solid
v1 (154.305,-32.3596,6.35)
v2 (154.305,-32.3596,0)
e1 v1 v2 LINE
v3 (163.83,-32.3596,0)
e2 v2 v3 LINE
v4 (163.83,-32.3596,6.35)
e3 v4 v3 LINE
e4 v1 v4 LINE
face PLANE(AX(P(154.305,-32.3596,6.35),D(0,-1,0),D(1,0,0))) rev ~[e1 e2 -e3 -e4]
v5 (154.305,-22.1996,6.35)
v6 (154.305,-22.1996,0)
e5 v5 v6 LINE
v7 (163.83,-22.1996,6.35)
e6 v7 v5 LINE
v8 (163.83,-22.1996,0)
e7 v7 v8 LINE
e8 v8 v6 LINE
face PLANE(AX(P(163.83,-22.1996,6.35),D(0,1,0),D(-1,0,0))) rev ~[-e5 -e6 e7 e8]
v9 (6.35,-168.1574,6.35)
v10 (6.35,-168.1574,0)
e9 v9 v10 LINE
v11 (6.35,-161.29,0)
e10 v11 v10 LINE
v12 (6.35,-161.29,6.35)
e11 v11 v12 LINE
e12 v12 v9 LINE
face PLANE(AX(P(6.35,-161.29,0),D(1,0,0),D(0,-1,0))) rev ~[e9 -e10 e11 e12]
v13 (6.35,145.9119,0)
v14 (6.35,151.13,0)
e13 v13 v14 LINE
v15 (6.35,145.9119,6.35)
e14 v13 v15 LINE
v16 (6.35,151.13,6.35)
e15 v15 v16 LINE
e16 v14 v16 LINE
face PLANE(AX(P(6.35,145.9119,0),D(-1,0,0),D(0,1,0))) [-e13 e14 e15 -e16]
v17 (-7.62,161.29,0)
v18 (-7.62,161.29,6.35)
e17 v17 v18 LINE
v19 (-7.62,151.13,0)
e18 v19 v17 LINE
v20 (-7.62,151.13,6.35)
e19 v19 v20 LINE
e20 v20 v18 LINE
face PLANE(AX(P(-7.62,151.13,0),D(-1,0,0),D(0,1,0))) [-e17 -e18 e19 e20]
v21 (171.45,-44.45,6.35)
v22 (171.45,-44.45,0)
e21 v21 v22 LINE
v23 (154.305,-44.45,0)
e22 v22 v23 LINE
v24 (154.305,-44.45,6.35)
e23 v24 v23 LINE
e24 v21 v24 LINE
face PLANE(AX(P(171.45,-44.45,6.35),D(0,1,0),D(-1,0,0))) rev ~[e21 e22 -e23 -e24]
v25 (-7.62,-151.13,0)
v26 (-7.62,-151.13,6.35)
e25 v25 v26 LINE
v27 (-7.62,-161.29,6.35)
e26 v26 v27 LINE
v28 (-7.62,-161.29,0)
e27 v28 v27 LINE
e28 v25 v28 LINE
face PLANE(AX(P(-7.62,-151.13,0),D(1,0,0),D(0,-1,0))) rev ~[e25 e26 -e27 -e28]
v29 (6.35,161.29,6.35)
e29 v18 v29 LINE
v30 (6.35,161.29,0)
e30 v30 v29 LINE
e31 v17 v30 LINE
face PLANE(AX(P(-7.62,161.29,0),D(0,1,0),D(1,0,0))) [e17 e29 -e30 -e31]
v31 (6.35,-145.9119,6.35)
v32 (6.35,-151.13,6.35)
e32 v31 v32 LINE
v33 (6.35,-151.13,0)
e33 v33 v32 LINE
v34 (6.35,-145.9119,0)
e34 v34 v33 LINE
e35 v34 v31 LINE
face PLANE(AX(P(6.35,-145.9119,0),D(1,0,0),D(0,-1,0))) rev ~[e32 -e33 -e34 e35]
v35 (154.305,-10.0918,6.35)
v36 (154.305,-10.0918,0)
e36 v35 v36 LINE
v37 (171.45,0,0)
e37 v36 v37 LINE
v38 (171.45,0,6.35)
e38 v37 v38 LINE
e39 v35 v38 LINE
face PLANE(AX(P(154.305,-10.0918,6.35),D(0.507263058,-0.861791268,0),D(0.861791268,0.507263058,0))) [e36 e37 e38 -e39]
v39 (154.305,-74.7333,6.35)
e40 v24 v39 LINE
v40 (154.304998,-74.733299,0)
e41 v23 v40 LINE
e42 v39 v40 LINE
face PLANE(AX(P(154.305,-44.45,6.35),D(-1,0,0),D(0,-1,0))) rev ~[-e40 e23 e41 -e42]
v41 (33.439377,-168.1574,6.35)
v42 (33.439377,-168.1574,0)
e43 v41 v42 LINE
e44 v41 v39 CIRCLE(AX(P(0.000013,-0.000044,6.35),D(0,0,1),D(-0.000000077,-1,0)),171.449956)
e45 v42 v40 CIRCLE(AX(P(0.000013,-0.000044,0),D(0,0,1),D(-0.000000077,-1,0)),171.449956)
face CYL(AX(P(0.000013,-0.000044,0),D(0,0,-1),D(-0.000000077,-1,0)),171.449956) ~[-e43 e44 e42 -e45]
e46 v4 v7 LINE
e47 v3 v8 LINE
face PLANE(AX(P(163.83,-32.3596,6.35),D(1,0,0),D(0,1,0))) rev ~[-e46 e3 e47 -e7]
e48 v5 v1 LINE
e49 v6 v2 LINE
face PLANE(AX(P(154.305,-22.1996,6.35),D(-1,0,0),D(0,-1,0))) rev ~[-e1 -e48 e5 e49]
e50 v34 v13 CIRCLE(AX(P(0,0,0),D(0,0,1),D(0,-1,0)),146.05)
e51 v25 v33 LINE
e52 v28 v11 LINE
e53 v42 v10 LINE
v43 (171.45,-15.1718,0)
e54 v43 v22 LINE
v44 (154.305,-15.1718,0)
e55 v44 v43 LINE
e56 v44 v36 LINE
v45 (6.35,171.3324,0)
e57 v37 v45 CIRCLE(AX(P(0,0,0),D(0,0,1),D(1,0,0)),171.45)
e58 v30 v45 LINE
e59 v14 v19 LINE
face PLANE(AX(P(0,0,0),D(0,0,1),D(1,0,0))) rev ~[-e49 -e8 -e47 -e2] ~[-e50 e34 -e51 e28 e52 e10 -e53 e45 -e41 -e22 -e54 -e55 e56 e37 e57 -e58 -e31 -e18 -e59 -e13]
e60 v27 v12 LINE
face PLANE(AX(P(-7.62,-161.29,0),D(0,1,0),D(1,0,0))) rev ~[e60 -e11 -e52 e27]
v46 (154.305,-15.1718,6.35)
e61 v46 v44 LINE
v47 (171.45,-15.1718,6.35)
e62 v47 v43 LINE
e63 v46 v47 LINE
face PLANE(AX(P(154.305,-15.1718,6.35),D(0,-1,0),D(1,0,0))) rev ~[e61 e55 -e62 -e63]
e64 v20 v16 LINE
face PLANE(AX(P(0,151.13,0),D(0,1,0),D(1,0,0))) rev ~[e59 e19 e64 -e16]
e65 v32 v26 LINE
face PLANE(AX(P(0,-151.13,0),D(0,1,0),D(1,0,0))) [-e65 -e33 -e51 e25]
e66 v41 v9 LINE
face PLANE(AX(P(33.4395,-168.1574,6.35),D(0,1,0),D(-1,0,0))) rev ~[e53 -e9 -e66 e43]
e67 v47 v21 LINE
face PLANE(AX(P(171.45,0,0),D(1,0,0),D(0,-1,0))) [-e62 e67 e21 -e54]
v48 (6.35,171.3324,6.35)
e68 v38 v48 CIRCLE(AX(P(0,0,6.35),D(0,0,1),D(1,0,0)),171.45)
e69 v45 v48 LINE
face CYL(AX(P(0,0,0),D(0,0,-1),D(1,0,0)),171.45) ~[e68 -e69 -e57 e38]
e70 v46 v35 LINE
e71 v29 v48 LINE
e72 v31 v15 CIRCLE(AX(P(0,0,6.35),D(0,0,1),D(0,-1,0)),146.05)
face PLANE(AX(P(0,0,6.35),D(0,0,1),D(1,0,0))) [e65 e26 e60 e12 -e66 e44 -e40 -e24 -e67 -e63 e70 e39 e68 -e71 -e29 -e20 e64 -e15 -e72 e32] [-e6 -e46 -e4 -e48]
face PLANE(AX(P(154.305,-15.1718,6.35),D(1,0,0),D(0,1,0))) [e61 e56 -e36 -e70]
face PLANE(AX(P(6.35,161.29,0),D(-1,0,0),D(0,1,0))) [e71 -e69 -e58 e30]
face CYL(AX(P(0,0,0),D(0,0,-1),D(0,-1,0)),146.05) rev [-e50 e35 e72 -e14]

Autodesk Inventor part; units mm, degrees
ref_plane "YZ Plane" through (0, 0, 0) normal (1, 0, 0) x (0, 1, 0)
ref_plane "XZ Plane" through (0, 0, 0) normal (0, 1, 0) x (-1, 0, 0)
ref_plane "XY Plane" through (0, 0, 0) normal (0, 0, 1) x (1, 0, 0)
sketch "Sketch1" plane through (0, 0, 0) normal (0, 0, 1) x (1, 0, 0)
  arc A0 (0, -146.05) -> (0, 146.05) centre (0, 0) ccw
  line L0 (0, 0) -> (0, 226.0912) construction
  line L1 (0, 226.0912) -> (0, -237.3269) construction
  line L2 (6.35, 145.9119) -> (6.35, 171.3324)
  line L3 (6.35, -145.9119) -> (6.35, -171.3324)
  line L4 (0, 146.05) -> (0, 151.13)
  line L5 (0, 151.13) -> (6.35, 151.13)
  line L6 (6.35, 151.13) -> (-7.62, 151.13)
  line L7 (-7.62, 151.13) -> (-7.62, 161.29)
  line L8 (-7.62, 161.29) -> (6.35, 161.29)
  line L9 (0, -146.05) -> (0, -151.13)
  line L10 (0, -151.13) -> (6.35, -151.13)
  line L11 (6.35, -151.13) -> (-7.62, -151.13)
  line L12 (-7.62, -151.13) -> (-7.62, -161.29)
  line L13 (-7.62, -161.29) -> (6.35, -161.29)
  line L14 (171.45, 0) -> (171.45, -69.85)
  line L15 (171.45, -69.85) -> (156.5761, -69.85)
  arc A1 (0, -171.45) -> (156.5761, -69.85) centre (0, 0) ccw
  arc A2 (171.45, 0) -> (0, 171.45) centre (0, 0) ccw
  dimension "d20" = 292.1
  dimension "d21" = 6.35
  dimension "d22" = 6.35
  dimension "d23" = 5.08
  dimension "d24" = 13.97
  dimension "d25" = 10.16
  dimension "d26" = 5.08
  dimension "d27" = 13.97
  dimension "d28" = 10.16
  dimension "d29" = 69.85
  dimension "d45" = 171.45
  dimension "d46" = 171.45
extrude "Extrusion5" add sketch "Sketch1" along normal blind 6.35 contours A0 L2 A2 L14 L15 A1 L3 | L10 L3 L13 L12 L11 | L5 L6 L7 L8 L2
sketch "Sketch3" plane through (0, 0, 6.35) normal (0, 0, 1) x (1, 0, 0)
  arc A0 (6.35, -171.3324) -> (156.5761, -69.85) centre (0, 0) ccw projected
  line L0 (156.5761, -69.85) -> (171.45, -69.85) projected
  line L1 (171.45, -69.85) -> (171.45, 0) projected
  arc A1 (171.45, 0) -> (6.35, 171.3324) centre (0, 0) ccw projected
  line L2 (6.35, 171.3324) -> (6.35, 161.29) projected
  line L3 (154.305, -22.1996) -> (154.305, -32.3596)
  line L4 (154.305, -32.3596) -> (163.83, -32.3596)
  line L5 (163.83, -32.3596) -> (163.83, -22.1996)
  line L6 (163.83, -22.1996) -> (154.305, -22.1996)
  line L7 (154.305, -15.1718) -> (171.45, -15.1718)
  line L8 (171.45, 0) -> (171.45, -15.1718)
  line L9 (154.305, -15.1718) -> (154.305, -10.0918)
  line L10 (154.305, -10.0918) -> (171.45, 0)
  line L11 (171.45, -69.85) -> (171.45, -44.45)
  line L12 (171.45, -44.45) -> (154.305, -44.45)
  line L13 (154.305, -44.45) -> (154.305, -74.7333)
  dimension "d53" = 10.16
  dimension "d54" = 9.525
  dimension "d55" = 10.16
  dimension "d56" = 37.4904
  dimension "d57" = 7.62
  dimension "d58" = 17.145
  dimension "d59" = 5.08
  dimension "d60" = 25.4
extrude "Extrusion7" cut sketch "Sketch3" against normal blind 25.4
sketch "Sketch4" plane through (0, 0, 6.35) normal (0, 0, 1) x (1, 0, 0)
  line L0 (6.35, -161.29) -> (6.35, -171.3324) projected
  arc A0 (6.35, -171.3324) -> (154.305, -74.7333) centre (0, 0) ccw projected
  line L1 (33.4395, -168.1574) -> (6.35, -168.1574)
  dimension "d63" = 3.175
extrude "Extrusion8" cut sketch "Sketch4" against normal blind 25.4
properties part number "MiddleHoop"
